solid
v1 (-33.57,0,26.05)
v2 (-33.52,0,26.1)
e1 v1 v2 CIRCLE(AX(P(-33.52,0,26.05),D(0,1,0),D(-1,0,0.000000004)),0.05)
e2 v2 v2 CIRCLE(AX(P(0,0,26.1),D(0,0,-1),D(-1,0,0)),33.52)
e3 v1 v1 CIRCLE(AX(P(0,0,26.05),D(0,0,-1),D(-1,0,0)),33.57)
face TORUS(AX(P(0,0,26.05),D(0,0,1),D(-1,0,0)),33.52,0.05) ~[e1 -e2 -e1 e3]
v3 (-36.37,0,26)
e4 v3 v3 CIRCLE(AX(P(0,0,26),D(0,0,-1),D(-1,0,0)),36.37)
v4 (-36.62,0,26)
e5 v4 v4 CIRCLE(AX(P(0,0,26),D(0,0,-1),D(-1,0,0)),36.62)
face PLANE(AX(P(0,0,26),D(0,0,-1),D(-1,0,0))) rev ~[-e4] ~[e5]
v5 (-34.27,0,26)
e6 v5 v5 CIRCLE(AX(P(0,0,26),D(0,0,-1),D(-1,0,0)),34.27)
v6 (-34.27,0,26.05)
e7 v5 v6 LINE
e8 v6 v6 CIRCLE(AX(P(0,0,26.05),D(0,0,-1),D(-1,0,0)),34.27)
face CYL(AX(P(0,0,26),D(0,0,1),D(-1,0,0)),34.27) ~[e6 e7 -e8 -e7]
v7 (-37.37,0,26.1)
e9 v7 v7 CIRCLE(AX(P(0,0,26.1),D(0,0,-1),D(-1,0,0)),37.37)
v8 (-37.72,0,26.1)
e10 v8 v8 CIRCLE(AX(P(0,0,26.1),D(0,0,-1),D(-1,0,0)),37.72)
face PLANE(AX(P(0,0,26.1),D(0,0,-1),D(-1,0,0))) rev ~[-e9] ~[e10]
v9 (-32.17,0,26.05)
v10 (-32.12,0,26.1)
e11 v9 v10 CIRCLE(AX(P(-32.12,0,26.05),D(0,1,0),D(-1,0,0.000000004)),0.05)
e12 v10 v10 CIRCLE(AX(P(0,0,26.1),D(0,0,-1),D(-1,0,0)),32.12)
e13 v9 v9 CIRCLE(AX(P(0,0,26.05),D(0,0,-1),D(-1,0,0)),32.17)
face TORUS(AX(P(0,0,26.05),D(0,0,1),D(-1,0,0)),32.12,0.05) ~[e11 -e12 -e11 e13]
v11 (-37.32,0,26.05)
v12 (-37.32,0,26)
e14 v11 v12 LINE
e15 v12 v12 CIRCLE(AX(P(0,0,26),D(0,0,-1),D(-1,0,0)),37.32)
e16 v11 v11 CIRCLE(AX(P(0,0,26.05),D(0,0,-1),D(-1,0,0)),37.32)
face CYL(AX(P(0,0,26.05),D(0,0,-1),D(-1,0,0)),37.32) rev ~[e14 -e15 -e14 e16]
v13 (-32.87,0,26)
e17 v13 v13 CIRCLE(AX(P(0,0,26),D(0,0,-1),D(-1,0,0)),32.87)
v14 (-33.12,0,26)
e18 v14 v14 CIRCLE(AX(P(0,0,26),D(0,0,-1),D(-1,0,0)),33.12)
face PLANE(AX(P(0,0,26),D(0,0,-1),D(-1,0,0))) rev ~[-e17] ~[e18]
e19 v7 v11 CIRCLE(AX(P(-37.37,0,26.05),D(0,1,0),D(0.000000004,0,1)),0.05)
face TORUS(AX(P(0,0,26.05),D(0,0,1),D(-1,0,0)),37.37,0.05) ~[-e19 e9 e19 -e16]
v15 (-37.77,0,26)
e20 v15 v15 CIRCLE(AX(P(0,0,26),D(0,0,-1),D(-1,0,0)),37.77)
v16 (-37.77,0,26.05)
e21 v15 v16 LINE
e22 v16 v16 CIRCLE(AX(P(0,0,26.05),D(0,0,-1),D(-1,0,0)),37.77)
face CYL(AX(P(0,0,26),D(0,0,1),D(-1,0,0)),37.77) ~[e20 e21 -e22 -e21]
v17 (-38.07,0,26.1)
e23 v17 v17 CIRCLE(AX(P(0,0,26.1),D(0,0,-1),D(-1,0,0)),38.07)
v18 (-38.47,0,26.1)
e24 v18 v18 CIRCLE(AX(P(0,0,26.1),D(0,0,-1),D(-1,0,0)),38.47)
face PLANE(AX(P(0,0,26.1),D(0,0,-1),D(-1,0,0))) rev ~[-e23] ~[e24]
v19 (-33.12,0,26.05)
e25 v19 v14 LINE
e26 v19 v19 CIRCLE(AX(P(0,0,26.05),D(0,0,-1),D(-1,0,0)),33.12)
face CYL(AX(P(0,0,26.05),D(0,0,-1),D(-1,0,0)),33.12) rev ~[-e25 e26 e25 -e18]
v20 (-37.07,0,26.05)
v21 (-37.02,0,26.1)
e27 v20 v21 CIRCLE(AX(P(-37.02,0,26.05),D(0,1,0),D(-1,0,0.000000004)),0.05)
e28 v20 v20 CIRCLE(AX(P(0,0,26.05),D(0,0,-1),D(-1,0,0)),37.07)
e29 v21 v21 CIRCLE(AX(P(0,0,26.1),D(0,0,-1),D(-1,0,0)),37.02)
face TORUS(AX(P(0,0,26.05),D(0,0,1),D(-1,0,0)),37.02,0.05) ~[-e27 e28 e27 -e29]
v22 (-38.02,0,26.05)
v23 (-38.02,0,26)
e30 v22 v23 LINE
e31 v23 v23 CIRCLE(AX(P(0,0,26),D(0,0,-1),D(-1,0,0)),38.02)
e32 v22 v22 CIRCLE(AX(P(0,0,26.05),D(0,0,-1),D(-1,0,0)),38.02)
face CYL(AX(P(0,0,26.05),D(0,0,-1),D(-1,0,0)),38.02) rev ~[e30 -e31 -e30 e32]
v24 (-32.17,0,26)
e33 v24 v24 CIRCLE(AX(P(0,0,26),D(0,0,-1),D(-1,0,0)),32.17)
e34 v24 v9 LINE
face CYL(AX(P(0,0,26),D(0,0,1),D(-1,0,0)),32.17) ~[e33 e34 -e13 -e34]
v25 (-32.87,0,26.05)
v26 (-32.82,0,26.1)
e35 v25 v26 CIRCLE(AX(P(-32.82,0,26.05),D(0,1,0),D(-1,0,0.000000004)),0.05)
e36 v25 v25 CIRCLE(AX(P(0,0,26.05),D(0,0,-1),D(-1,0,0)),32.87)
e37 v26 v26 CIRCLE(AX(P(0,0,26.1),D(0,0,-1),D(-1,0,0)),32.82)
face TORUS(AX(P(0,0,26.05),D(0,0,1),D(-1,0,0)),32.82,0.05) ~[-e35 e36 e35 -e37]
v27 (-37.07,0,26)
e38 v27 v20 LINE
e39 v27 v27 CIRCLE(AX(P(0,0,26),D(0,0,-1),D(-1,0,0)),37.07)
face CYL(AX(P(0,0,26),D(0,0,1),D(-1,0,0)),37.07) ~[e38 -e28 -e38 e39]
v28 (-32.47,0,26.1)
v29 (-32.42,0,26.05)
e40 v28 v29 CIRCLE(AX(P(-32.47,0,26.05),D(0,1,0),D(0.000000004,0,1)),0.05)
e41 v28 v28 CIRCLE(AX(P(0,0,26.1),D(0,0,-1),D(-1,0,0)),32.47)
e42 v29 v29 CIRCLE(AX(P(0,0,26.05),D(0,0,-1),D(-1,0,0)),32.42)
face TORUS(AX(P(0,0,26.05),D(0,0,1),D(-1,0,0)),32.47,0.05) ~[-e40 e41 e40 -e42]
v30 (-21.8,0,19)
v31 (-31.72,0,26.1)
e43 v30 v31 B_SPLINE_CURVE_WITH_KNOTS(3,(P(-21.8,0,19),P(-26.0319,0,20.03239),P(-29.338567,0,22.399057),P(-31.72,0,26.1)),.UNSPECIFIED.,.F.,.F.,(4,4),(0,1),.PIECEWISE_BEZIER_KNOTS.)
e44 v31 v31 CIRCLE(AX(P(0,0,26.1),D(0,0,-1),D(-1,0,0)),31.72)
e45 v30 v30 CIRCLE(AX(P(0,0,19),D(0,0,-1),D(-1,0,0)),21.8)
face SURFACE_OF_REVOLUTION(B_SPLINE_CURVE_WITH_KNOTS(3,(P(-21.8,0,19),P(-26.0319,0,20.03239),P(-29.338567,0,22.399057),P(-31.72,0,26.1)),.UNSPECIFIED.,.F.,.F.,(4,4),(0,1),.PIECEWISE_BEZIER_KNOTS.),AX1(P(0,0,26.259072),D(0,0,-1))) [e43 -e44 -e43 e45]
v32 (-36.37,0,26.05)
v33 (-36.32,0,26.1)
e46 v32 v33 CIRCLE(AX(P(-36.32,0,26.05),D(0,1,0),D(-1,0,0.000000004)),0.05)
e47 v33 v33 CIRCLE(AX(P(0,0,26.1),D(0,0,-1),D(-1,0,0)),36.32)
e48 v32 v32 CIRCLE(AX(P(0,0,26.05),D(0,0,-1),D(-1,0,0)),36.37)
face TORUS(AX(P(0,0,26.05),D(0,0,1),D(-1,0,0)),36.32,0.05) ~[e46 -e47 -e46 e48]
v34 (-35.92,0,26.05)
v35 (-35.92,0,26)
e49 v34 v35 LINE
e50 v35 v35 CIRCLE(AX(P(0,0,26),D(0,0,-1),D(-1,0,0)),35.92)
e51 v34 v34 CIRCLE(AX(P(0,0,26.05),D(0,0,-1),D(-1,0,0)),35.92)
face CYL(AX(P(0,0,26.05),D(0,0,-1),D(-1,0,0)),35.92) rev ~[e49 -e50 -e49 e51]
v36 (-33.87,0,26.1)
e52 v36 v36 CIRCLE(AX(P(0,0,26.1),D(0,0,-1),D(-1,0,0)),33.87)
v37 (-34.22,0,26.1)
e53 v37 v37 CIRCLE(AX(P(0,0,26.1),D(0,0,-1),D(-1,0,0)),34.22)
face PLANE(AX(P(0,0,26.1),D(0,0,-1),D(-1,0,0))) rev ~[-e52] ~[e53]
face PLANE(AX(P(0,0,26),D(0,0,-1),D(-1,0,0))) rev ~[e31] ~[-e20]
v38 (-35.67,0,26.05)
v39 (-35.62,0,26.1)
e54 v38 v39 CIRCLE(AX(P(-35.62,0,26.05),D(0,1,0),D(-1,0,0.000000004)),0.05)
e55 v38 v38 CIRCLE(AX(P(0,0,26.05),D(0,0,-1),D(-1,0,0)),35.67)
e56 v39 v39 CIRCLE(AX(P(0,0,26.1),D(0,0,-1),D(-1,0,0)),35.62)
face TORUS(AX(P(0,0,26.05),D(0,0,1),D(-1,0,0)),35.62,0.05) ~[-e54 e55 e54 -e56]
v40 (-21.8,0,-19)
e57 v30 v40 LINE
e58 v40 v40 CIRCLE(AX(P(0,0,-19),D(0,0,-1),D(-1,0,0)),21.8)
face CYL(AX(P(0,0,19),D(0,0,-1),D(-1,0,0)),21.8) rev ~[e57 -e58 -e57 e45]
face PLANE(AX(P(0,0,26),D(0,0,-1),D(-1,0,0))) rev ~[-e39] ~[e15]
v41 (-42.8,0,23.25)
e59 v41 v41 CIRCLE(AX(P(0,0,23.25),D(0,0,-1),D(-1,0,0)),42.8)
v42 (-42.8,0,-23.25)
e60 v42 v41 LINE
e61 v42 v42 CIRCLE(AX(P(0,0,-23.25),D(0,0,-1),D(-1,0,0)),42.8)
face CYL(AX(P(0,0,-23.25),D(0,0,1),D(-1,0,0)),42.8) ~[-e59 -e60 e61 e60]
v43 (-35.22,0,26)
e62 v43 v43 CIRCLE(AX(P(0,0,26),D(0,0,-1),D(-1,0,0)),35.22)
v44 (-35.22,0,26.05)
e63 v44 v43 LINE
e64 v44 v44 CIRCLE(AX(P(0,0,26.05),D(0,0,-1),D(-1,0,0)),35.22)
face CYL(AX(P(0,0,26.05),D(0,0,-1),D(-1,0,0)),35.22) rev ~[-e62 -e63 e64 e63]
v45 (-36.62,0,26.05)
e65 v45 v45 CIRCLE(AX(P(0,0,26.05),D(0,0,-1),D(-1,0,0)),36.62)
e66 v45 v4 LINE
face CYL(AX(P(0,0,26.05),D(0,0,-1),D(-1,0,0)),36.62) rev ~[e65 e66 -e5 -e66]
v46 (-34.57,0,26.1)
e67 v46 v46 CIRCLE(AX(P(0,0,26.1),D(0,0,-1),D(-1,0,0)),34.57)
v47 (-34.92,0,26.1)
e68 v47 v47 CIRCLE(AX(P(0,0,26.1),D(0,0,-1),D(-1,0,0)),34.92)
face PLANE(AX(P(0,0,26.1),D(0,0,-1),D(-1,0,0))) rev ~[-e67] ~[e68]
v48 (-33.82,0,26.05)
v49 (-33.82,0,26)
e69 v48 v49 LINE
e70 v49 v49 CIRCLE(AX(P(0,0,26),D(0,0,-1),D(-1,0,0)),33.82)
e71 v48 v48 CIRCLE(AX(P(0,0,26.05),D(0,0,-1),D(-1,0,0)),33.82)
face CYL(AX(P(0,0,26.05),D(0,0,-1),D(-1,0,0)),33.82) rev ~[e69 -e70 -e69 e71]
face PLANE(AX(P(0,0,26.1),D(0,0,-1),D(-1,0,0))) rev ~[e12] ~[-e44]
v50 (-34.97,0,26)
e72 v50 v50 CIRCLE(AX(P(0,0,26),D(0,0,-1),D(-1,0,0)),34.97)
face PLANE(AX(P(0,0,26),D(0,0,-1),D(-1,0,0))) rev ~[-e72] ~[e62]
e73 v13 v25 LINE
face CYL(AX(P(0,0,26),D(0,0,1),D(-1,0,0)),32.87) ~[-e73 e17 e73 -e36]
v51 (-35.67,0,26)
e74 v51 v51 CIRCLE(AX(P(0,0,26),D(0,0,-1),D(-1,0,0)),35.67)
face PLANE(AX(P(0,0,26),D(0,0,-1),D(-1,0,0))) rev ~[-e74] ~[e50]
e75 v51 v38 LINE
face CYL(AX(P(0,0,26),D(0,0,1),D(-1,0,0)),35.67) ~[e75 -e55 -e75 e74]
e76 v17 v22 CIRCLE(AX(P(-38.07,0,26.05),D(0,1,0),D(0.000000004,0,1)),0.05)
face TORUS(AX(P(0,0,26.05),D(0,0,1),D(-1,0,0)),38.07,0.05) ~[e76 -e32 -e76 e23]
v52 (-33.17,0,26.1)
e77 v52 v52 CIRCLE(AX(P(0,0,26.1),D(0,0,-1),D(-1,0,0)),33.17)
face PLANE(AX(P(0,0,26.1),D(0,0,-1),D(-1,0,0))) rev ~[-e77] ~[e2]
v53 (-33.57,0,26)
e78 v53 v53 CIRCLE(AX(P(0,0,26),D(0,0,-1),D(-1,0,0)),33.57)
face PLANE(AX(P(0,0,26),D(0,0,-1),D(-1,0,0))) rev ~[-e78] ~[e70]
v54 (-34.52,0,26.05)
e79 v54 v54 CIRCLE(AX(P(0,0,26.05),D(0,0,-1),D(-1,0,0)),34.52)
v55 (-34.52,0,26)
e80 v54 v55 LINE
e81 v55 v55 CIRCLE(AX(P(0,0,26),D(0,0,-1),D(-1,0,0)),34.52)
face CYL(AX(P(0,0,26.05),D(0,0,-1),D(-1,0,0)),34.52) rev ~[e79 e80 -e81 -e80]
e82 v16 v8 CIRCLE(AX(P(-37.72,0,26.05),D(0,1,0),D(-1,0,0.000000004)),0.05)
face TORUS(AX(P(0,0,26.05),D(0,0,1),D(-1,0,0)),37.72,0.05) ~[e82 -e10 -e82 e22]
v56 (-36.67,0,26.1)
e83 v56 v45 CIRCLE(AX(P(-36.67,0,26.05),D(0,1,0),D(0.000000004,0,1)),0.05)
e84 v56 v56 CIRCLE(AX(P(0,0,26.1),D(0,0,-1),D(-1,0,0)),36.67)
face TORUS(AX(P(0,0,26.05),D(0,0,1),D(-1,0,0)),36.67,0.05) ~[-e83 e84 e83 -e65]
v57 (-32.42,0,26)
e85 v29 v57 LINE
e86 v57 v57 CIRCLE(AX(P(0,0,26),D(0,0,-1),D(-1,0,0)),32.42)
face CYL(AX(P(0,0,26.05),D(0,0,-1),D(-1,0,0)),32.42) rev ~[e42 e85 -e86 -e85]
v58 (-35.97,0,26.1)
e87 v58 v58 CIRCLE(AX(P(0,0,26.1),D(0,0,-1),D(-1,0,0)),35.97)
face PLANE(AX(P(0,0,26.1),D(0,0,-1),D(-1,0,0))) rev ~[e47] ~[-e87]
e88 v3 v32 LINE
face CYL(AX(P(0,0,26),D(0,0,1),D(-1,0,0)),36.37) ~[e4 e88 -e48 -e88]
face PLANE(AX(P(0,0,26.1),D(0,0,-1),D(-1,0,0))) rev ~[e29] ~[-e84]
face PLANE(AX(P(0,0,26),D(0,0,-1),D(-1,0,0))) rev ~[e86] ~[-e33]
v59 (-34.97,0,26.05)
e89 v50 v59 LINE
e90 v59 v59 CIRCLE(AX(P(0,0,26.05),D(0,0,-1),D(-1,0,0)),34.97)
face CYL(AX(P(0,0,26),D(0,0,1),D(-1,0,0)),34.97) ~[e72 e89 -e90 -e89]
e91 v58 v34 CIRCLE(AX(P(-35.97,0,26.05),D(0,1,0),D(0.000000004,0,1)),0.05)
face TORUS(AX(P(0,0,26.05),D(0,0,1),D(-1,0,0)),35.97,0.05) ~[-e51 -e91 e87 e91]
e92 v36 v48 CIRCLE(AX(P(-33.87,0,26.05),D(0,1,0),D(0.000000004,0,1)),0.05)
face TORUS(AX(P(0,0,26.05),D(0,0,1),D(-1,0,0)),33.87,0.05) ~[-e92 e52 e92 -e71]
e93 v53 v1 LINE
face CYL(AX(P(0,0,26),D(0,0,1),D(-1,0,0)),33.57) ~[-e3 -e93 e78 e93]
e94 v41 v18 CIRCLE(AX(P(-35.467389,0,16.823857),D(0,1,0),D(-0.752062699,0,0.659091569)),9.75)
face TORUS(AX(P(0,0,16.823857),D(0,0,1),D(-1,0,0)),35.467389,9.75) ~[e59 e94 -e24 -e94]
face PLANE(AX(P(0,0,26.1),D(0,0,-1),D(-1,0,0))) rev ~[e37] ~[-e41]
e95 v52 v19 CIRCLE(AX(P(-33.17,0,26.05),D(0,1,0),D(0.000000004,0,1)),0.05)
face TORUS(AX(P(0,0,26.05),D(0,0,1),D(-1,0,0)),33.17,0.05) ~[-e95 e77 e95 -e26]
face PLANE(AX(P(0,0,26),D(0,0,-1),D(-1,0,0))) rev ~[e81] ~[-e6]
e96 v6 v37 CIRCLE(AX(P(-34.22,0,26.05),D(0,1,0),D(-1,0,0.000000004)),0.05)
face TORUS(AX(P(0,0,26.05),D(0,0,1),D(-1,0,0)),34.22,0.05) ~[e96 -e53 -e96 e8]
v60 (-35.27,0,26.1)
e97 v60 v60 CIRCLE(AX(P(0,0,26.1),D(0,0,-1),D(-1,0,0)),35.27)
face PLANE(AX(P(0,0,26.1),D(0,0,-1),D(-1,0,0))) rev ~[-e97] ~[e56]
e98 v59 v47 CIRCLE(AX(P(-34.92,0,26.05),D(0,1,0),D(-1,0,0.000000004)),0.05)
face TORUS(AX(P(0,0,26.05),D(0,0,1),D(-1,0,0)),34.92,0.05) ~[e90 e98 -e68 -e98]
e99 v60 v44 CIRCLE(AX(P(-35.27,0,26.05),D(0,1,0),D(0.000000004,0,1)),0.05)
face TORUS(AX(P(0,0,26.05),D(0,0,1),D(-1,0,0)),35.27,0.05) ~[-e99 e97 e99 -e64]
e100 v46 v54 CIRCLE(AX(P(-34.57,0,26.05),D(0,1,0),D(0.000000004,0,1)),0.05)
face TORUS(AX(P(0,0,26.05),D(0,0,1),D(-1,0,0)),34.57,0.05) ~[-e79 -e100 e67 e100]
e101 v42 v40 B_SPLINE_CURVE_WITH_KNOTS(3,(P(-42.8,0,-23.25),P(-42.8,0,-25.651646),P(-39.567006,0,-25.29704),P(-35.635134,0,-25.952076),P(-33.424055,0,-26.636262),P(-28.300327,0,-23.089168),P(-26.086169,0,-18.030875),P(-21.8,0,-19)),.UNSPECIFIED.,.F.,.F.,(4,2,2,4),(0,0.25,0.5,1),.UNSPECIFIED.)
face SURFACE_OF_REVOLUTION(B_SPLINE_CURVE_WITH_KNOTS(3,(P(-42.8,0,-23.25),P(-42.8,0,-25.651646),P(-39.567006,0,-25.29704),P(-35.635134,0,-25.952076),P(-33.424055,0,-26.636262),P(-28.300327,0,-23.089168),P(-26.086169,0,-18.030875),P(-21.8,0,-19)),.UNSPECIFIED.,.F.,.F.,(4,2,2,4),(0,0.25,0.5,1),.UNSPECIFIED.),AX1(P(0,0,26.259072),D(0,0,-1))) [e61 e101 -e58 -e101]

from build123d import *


with BuildPart() as part:
    # Sketch1 → Revolve1 (revolve)
    with BuildSketch(Plane.XZ, mode=Mode.PRIVATE) as revolve1_sk:
        with BuildLine():
            Line((34.97, 26), (34.97, 26.05))
            ThreePointArc((34.97, 26.05), (34.955355339, 26.085355339), (34.92, 26.1))
            Line((34.92, 26.1), (34.57, 26.1))
            ThreePointArc((34.57, 26.1), (34.534644661, 26.085355339), (34.52, 26.05))
            Line((34.52, 26.05), (34.52, 26))
            Line((34.52, 26), (34.27, 26))
            Line((34.27, 26), (34.27, 26.05))
            ThreePointArc((34.27, 26.05), (34.255355339, 26.085355339), (34.22, 26.1))
            Line((34.22, 26.1), (33.87, 26.1))
            ThreePointArc((33.87, 26.1), (33.834644661, 26.085355339), (33.82, 26.05))
            Line((33.82, 26.05), (33.82, 26))
            Line((33.82, 26), (33.57, 26))
            Line((33.57, 26), (33.57, 26.05))
            ThreePointArc((33.57, 26.05), (33.555355339, 26.085355339), (33.52, 26.1))
            Line((33.52, 26.1), (33.17, 26.1))
            ThreePointArc((33.17, 26.1), (33.134644661, 26.085355339), (33.12, 26.05))
            Line((33.12, 26.05), (33.12, 26))
            Line((33.12, 26), (32.87, 26))
            Line((32.87, 26), (32.87, 26.05))
            ThreePointArc((32.87, 26.05), (32.855355339, 26.085355339), (32.82, 26.1))
            Line((32.82, 26.1), (32.47, 26.1))
            ThreePointArc((32.47, 26.1), (32.434644661, 26.085355339), (32.42, 26.05))
            Line((32.42, 26.05), (32.42, 26))
            Line((32.42, 26), (32.17, 26))
            Line((32.17, 26), (32.17, 26.05))
            ThreePointArc((32.17, 26.05), (32.155355339, 26.085355339), (32.12, 26.1))
            Line((32.12, 26.1), (31.72, 26.1))
            add(Edge.make_bspline(
                [(21.8, 19), (26.031900277, 20.03239032), (29.338566943, 22.399056986), (31.72, 26.1)],
                knots=[0, 0, 0, 0, 1, 1, 1, 1], degree=3))
            Line((21.8, 19), (21.8, -19))
            add(Edge.make_bspline(
                [(42.8, -23.25), (42.8, -25.651646292), (39.567005868, -25.29703954), (35.635134042, -25.952076132), (33.42405472, -26.636262053), (28.300327112, -23.089167505), (26.086169297, -18.030874988), (21.8, -19)],
                knots=[0, 0, 0, 0, 0.25, 0.25, 0.5, 0.5, 1, 1, 1, 1], degree=3))
            Line((42.8, -23.25), (42.8, 23.25))
            ThreePointArc((42.8, 23.25), (40.827876695, 24.968037224), (38.47, 26.1))
            Line((38.47, 26.1), (38.07, 26.1))
            ThreePointArc((38.07, 26.1), (38.034644661, 26.085355339), (38.02, 26.05))
            Line((38.02, 26.05), (38.02, 26))
            Line((38.02, 26), (37.77, 26))
            Line((37.77, 26), (37.77, 26.05))
            ThreePointArc((37.77, 26.05), (37.755355339, 26.085355339), (37.72, 26.1))
            Line((37.72, 26.1), (37.37, 26.1))
            ThreePointArc((37.37, 26.1), (37.334644661, 26.085355339), (37.32, 26.05))
            Line((37.32, 26.05), (37.32, 26))
            Line((37.32, 26), (37.07, 26))
            Line((37.07, 26), (37.07, 26.05))
            ThreePointArc((37.07, 26.05), (37.055355339, 26.085355339), (37.02, 26.1))
            Line((37.02, 26.1), (36.67, 26.1))
            ThreePointArc((36.67, 26.1), (36.634644661, 26.085355339), (36.62, 26.05))
            Line((36.62, 26.05), (36.62, 26))
            Line((36.62, 26), (36.37, 26))
            Line((36.37, 26), (36.37, 26.05))
            ThreePointArc((36.37, 26.05), (36.355355339, 26.085355339), (36.32, 26.1))
            Line((36.32, 26.1), (35.97, 26.1))
            ThreePointArc((35.97, 26.1), (35.934644661, 26.085355339), (35.92, 26.05))
            Line((35.92, 26.05), (35.92, 26))
            Line((35.92, 26), (35.67, 26))
            Line((35.67, 26), (35.67, 26.05))
            ThreePointArc((35.67, 26.05), (35.655355339, 26.085355339), (35.62, 26.1))
            Line((35.62, 26.1), (35.27, 26.1))
            ThreePointArc((35.27, 26.1), (35.234644661, 26.085355339), (35.22, 26.05))
            Line((35.22, 26.05), (35.22, 26))
            Line((35.22, 26), (34.97, 26))
        make_face()
    revolve(revolve1_sk.sketch.rotate(Axis((0, 0, 26.259071706), (0, 0, -1)), 180), axis=Axis((0, 0, 26.259071706), (0, 0, -1)))


solid = part.part
